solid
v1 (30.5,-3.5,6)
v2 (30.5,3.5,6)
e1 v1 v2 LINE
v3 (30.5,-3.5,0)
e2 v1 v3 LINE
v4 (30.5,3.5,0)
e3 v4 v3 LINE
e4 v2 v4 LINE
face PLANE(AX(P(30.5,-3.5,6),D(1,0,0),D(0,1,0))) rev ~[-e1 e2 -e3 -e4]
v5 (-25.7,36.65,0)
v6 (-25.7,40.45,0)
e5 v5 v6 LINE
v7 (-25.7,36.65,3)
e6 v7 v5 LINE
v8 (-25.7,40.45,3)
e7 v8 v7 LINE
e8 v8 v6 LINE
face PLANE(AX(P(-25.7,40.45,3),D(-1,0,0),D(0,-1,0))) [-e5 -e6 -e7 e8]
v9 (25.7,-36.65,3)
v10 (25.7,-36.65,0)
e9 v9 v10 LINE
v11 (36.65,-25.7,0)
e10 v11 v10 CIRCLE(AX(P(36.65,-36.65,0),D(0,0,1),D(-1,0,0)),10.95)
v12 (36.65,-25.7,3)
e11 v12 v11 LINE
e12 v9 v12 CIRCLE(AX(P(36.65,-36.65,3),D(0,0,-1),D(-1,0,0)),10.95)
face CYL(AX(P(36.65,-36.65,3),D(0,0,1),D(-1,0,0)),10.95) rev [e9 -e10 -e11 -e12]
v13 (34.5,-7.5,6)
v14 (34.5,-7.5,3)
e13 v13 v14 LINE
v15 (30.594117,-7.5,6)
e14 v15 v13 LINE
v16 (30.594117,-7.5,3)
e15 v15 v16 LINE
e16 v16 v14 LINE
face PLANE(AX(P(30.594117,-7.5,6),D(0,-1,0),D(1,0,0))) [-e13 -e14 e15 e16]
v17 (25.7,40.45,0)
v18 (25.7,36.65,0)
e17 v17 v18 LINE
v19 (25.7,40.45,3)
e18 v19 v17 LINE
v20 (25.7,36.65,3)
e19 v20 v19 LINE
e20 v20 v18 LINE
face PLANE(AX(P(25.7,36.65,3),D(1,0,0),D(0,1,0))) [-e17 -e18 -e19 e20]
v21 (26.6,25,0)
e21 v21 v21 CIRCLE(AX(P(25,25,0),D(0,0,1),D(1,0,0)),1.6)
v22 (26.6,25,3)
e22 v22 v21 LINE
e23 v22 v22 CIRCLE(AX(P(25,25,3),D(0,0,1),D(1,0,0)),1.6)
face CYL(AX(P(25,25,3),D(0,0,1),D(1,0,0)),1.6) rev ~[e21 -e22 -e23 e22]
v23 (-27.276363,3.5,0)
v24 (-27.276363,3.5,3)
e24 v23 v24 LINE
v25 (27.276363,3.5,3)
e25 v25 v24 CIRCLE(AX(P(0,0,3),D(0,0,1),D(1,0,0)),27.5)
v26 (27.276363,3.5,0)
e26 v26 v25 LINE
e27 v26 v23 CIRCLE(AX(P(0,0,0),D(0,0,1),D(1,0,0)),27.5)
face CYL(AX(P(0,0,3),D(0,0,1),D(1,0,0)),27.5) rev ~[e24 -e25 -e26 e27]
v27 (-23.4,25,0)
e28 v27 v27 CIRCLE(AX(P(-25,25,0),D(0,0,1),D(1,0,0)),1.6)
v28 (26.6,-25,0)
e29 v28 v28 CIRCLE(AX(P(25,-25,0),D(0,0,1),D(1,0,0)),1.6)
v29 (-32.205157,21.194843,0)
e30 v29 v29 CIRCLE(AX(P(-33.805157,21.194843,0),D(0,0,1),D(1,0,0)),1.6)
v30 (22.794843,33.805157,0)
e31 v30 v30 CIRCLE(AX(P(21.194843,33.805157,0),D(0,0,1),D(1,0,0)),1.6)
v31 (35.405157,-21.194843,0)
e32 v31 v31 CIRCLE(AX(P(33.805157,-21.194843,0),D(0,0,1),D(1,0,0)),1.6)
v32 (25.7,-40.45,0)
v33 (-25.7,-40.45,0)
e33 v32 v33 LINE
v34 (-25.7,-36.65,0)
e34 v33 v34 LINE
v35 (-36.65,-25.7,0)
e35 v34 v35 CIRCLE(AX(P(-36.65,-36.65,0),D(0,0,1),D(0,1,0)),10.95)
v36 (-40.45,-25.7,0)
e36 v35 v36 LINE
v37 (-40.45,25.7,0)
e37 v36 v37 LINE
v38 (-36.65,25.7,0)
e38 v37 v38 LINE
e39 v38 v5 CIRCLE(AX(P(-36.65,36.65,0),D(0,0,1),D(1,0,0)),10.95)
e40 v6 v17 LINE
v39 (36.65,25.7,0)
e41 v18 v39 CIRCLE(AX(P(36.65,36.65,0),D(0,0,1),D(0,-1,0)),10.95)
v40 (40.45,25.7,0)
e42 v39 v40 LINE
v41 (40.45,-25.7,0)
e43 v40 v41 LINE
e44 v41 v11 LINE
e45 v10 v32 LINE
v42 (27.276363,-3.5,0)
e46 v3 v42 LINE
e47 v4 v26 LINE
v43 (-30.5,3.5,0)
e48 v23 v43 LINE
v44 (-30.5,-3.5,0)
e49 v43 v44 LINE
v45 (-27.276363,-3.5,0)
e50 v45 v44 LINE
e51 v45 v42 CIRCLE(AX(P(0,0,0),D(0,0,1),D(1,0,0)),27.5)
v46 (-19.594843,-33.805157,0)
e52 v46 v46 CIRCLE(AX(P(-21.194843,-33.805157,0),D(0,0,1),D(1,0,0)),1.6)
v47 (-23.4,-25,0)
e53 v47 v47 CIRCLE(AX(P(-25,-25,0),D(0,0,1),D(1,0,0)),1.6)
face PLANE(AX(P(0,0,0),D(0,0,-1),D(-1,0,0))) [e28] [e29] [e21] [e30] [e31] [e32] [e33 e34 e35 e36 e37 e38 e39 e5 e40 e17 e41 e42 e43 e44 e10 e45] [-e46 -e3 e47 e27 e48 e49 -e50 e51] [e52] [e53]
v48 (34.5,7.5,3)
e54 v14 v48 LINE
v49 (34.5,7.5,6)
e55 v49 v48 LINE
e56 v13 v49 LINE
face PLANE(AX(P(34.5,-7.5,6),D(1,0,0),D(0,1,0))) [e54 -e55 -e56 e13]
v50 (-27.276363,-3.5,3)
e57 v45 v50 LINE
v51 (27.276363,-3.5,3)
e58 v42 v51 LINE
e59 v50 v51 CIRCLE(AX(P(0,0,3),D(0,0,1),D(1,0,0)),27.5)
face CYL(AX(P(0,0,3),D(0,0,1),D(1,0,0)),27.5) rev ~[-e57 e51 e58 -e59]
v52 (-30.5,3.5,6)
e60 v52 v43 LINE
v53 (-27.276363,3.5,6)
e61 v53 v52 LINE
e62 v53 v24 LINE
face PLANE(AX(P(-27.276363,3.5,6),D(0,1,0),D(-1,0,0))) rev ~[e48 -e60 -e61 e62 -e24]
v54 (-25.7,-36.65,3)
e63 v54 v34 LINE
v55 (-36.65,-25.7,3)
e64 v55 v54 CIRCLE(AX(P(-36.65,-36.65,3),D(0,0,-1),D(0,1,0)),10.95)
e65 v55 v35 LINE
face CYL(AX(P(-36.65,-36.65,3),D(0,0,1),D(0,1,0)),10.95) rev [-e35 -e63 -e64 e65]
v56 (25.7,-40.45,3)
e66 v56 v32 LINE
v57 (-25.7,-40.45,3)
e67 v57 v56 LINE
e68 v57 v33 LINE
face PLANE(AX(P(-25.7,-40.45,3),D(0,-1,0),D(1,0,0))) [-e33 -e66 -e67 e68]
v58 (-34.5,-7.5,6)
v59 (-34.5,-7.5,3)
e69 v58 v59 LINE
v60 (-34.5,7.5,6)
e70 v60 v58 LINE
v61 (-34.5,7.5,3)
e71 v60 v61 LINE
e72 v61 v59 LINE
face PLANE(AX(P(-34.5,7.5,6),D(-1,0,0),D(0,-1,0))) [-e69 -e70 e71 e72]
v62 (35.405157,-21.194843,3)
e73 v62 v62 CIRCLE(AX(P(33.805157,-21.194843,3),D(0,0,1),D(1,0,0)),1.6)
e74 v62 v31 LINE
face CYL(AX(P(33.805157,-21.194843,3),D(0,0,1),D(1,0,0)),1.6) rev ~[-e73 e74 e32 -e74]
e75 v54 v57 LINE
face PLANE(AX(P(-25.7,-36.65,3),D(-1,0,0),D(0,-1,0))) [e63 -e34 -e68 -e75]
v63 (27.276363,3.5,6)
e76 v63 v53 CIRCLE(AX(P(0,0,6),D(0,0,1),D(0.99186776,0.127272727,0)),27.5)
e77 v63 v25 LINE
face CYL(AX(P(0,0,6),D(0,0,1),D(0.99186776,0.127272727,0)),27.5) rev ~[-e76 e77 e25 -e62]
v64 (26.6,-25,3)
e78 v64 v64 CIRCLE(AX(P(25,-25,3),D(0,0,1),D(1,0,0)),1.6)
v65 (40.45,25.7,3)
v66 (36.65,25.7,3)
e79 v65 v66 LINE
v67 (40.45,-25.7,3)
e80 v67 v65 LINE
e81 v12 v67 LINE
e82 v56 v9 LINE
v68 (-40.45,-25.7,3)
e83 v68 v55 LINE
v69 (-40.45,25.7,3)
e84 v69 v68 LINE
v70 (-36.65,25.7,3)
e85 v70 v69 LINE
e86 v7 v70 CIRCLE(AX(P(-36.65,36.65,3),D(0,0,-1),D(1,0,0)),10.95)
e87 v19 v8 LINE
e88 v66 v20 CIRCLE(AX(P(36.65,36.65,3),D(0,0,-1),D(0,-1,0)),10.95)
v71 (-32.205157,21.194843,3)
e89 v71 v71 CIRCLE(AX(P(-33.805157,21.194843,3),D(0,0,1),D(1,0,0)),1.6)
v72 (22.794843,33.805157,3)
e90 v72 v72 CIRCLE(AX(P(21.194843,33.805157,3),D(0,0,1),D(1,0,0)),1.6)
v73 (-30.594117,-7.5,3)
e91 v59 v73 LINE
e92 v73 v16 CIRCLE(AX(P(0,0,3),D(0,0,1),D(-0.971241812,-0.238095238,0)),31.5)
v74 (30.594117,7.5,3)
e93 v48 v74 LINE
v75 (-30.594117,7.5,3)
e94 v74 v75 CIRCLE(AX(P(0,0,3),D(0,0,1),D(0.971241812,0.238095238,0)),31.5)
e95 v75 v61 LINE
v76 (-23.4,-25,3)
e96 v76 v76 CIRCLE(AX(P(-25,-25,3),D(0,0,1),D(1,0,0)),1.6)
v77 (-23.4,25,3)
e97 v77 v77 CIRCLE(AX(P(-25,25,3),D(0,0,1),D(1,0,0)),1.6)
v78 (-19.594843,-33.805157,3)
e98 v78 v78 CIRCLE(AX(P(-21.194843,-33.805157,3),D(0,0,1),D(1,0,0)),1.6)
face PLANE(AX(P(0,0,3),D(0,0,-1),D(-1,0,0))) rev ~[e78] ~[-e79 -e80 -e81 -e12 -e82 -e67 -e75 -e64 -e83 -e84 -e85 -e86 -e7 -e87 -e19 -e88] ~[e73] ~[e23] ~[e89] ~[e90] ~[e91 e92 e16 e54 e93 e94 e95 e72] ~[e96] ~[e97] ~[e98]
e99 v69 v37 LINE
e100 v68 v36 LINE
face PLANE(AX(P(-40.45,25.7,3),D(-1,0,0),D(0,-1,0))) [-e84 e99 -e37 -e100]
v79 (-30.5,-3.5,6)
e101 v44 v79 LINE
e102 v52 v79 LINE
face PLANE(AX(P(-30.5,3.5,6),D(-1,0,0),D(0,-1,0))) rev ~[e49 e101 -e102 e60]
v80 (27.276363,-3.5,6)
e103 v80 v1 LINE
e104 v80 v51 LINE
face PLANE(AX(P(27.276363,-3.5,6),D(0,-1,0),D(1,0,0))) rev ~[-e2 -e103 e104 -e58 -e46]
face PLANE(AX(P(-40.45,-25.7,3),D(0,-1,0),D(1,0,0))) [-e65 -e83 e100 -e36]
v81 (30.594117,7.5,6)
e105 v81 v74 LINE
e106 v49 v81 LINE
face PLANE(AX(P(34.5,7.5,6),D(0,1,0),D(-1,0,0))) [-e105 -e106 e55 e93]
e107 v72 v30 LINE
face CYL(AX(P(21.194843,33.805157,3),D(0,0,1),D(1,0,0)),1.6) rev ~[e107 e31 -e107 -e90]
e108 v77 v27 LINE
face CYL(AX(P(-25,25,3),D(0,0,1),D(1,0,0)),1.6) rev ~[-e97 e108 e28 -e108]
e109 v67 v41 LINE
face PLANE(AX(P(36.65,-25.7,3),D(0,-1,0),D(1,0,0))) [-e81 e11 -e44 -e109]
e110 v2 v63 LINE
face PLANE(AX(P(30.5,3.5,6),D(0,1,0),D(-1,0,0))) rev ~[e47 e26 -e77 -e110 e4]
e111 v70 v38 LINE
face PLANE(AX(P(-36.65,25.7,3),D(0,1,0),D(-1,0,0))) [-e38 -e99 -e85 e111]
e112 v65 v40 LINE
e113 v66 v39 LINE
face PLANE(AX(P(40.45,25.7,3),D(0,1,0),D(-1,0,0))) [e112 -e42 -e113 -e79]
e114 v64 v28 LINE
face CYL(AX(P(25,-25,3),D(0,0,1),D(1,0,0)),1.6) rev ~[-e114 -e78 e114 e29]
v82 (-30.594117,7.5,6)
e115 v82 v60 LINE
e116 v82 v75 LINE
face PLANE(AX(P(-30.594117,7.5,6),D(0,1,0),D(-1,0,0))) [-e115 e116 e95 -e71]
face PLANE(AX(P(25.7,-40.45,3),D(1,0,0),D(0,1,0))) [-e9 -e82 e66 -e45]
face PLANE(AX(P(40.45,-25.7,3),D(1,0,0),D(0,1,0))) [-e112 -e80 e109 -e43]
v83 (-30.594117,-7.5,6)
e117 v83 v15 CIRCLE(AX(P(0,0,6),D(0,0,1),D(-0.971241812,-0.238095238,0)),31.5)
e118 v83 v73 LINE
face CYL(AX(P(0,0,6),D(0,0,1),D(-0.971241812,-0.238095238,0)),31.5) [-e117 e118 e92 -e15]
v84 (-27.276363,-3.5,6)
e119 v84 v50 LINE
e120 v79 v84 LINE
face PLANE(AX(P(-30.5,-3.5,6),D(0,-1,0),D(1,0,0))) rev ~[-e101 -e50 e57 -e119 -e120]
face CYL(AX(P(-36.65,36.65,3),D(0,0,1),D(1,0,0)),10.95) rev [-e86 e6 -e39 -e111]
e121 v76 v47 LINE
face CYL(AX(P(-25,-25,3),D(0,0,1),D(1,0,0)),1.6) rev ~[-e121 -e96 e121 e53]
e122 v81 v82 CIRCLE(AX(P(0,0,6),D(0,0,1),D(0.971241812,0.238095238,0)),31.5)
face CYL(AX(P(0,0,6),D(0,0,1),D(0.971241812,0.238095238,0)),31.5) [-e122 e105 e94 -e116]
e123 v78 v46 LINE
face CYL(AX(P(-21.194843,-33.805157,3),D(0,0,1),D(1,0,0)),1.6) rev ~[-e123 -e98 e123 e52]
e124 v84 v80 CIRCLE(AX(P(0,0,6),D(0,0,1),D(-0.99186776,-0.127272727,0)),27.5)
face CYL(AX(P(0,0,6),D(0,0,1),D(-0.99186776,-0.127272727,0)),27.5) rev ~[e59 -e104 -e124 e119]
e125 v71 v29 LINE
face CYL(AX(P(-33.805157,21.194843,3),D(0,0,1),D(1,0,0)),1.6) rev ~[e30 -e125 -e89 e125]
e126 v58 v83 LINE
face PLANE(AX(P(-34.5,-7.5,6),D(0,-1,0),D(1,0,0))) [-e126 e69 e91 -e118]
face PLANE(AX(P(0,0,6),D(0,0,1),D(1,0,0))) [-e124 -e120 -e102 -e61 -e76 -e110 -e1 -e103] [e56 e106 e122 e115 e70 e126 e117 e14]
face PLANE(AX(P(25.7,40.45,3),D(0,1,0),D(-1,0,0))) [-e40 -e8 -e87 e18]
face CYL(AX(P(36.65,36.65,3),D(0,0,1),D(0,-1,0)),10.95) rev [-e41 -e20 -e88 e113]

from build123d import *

# Parameters (mm, degrees)
EXTRUDE_1_DEPTH     = 3
CUT_EXTRUDE_2_DEPTH = 62.238264182
SKETCH_7_R          = 1.6
SKETCH_7_R_2        = 27.5
CUT_EXTRUDE_3_DEPTH = 58.283549122
SKETCH_2_R          = 1.6
CUT_EXTRUDE_4_DEPTH = 58.283549122
SKETCH_8_W          = 61
SKETCH_8_H          = 7
CUT_EXTRUDE_5_DEPTH = 58.283549122
EXTRUDE_START       = 3
EXTRUDE_2_DEPTH     = 3


with BuildPart() as part:
    # 草图1 → 凸台-拉伸1 (new body)
    with BuildSketch(Plane.XY):
        with BuildLine():
            Line((-27.5, 43.25), (27.5, 43.25))
            ThreePointArc((27.5, 43.25), (28.207106781, 42.957106781), (28.5, 42.25))
            Line((28.5, 42.25), (28.5, 36.65))
            ThreePointArc((28.5, 36.65), (30.887079733, 30.887079733), (36.65, 28.5))
            Line((36.65, 28.5), (42.25, 28.5))
            ThreePointArc((42.25, 28.5), (42.957106781, 28.207106781), (43.25, 27.5))
            Line((43.25, 27.5), (43.25, -27.5))
            ThreePointArc((43.25, -27.5), (42.957106781, -28.207106781), (42.25, -28.5))
            Line((42.25, -28.5), (36.65, -28.5))
            ThreePointArc((36.65, -28.5), (30.887079733, -30.887079733), (28.5, -36.65))
            Line((28.5, -36.65), (28.5, -42.25))
            ThreePointArc((28.5, -42.25), (28.207106781, -42.957106781), (27.5, -43.25))
            Line((27.5, -43.25), (-27.5, -43.25))
            ThreePointArc((-27.5, -43.25), (-28.207106781, -42.957106781), (-28.5, -42.25))
            Line((-28.5, -42.25), (-28.5, -36.65))
            ThreePointArc((-28.5, -36.65), (-30.887079733, -30.887079733), (-36.65, -28.5))
            Line((-36.65, -28.5), (-42.25, -28.5))
            ThreePointArc((-42.25, -28.5), (-42.957106781, -28.207106781), (-43.25, -27.5))
            Line((-43.25, -27.5), (-43.25, 27.5))
            ThreePointArc((-43.25, 27.5), (-42.957106781, 28.207106781), (-42.25, 28.5))
            Line((-42.25, 28.5), (-36.65, 28.5))
            ThreePointArc((-36.65, 28.5), (-30.887079733, 30.887079733), (-28.5, 36.65))
            Line((-28.5, 36.65), (-28.5, 42.25))
            ThreePointArc((-28.5, 42.25), (-28.207106781, 42.957106781), (-27.5, 43.25))
        make_face()
    extrude(amount=EXTRUDE_1_DEPTH)

    # 草图6 → 切除-拉伸2 (cut, through all)
    with BuildSketch(Plane.XY.offset(3)):
        with BuildLine():
            Line((-28.5, 42.25), (-28.5, 36.65))
            ThreePointArc((-28.5, 36.65), (-30.887079733, 30.887079733), (-36.65, 28.5))
            Line((-36.65, 28.5), (-42.25, 28.5))
            ThreePointArc((-42.25, 28.5), (-42.957106781, 28.207106781), (-43.25, 27.5))
            Line((-43.25, 27.5), (-43.25, -27.5))
            ThreePointArc((-43.25, -27.5), (-42.957106781, -28.207106781), (-42.25, -28.5))
            Line((-42.25, -28.5), (-36.65, -28.5))
            ThreePointArc((-36.65, -28.5), (-30.887079733, -30.887079733), (-28.5, -36.65))
            Line((-28.5, -36.65), (-28.5, -42.25))
            ThreePointArc((-28.5, -42.25), (-28.207106781, -42.957106781), (-27.5, -43.25))
            Line((-27.5, -43.25), (27.5, -43.25))
            ThreePointArc((27.5, -43.25), (28.207106781, -42.957106781), (28.5, -42.25))
            Line((28.5, -42.25), (28.5, -36.65))
            ThreePointArc((28.5, -36.65), (30.887079733, -30.887079733), (36.65, -28.5))
            Line((36.65, -28.5), (42.25, -28.5))
            ThreePointArc((42.25, -28.5), (42.957106781, -28.207106781), (43.25, -27.5))
            Line((43.25, -27.5), (43.25, 27.5))
            ThreePointArc((43.25, 27.5), (42.957106781, 28.207106781), (42.25, 28.5))
            Line((42.25, 28.5), (36.65, 28.5))
            ThreePointArc((36.65, 28.5), (30.887079733, 30.887079733), (28.5, 36.65))
            Line((28.5, 36.65), (28.5, 42.25))
            ThreePointArc((28.5, 42.25), (28.207106781, 42.957106781), (27.5, 43.25))
            Line((27.5, 43.25), (-27.5, 43.25))
            ThreePointArc((-27.5, 43.25), (-28.207106781, 42.957106781), (-28.5, 42.25))
        make_face()
        with BuildLine():
            Line((-25.7, 40.45), (-25.7, 36.65))
            ThreePointArc((-25.7, 36.65), (-28.907180746, 28.907180746), (-36.65, 25.7))
            Line((-36.65, 25.7), (-40.45, 25.7))
            Line((-40.45, 25.7), (-40.45, -25.7))
            Line((-40.45, -25.7), (-36.65, -25.7))
            ThreePointArc((-36.65, -25.7), (-28.907180746, -28.907180746), (-25.7, -36.65))
            Line((-25.7, -36.65), (-25.7, -40.45))
            Line((-25.7, -40.45), (25.7, -40.45))
            Line((25.7, -40.45), (25.7, -36.65))
            ThreePointArc((25.7, -36.65), (28.907180746, -28.907180746), (36.65, -25.7))
            Line((36.65, -25.7), (40.45, -25.7))
            Line((40.45, -25.7), (40.45, 25.7))
            Line((40.45, 25.7), (36.65, 25.7))
            ThreePointArc((36.65, 25.7), (28.907180746, 28.907180746), (25.7, 36.65))
            Line((25.7, 36.65), (25.7, 40.45))
            Line((25.7, 40.45), (-25.7, 40.45))
        make_face(mode=Mode.SUBTRACT)
    extrude(amount=-CUT_EXTRUDE_2_DEPTH, mode=Mode.SUBTRACT)

    # 草图7 → 切除-拉伸3 (cut, through all)
    with BuildSketch(Plane.XY.offset(3)):
        with Locations((-25, 25)):
            Circle(SKETCH_7_R)
        with Locations((25, 25)):
            Circle(SKETCH_7_R)
        with Locations((25, -25)):
            Circle(SKETCH_7_R)
        with Locations((-25, -25)):
            Circle(SKETCH_7_R)
        Circle(SKETCH_7_R_2)
    extrude(amount=-CUT_EXTRUDE_3_DEPTH, mode=Mode.SUBTRACT)

    # 草图2 → 切除-拉伸4 (cut, through all)
    with BuildSketch(Plane.XY.offset(3)):
        with Locations((-33.80515662, 21.19484338)):
            Circle(SKETCH_2_R)
        with Locations((21.19484338, 33.80515662)):
            Circle(SKETCH_2_R)
        with Locations((33.80515662, -21.19484338)):
            Circle(SKETCH_2_R)
        with Locations((-21.19484338, -33.80515662)):
            Circle(SKETCH_2_R)
    extrude(amount=-CUT_EXTRUDE_4_DEPTH, mode=Mode.SUBTRACT)

    # 草图8 → 切除-拉伸5 (cut, through all)
    with BuildSketch(Plane.XY.offset(3)):
        Rectangle(SKETCH_8_W, SKETCH_8_H)
    extrude(amount=-CUT_EXTRUDE_5_DEPTH, mode=Mode.SUBTRACT)

    # 草图9 → 凸台-拉伸2 (add)
    with BuildSketch(Plane.XY.offset(3).offset(EXTRUDE_START)):
        with BuildLine():
            Line((-34.5, -7.5), (-30.594117082, -7.5))
            ThreePointArc((-30.594117082, -7.5), (0, -31.5), (30.594117082, -7.5))
            Line((30.594117082, -7.5), (34.5, -7.5))
            Line((34.5, -7.5), (34.5, 7.5))
            Line((34.5, 7.5), (30.594117082, 7.5))
            ThreePointArc((30.594117082, 7.5), (0, 31.5), (-30.594117082, 7.5))
            Line((-30.594117082, 7.5), (-34.5, 7.5))
            Line((-34.5, 7.5), (-34.5, -7.5))
        make_face()
        with BuildLine():
            Line((-30.5, -3.5), (-27.276363394, -3.5))
            ThreePointArc((-27.276363394, -3.5), (0, -27.5), (27.276363394, -3.5))
            Line((27.276363394, -3.5), (30.5, -3.5))
            Line((30.5, -3.5), (30.5, 3.5))
            Line((30.5, 3.5), (27.276363394, 3.5))
            ThreePointArc((27.276363394, 3.5), (0, 27.5), (-27.276363394, 3.5))
            Line((-27.276363394, 3.5), (-30.5, 3.5))
            Line((-30.5, 3.5), (-30.5, -3.5))
        make_face(mode=Mode.SUBTRACT)
    extrude(amount=-EXTRUDE_2_DEPTH)


solid = part.part
